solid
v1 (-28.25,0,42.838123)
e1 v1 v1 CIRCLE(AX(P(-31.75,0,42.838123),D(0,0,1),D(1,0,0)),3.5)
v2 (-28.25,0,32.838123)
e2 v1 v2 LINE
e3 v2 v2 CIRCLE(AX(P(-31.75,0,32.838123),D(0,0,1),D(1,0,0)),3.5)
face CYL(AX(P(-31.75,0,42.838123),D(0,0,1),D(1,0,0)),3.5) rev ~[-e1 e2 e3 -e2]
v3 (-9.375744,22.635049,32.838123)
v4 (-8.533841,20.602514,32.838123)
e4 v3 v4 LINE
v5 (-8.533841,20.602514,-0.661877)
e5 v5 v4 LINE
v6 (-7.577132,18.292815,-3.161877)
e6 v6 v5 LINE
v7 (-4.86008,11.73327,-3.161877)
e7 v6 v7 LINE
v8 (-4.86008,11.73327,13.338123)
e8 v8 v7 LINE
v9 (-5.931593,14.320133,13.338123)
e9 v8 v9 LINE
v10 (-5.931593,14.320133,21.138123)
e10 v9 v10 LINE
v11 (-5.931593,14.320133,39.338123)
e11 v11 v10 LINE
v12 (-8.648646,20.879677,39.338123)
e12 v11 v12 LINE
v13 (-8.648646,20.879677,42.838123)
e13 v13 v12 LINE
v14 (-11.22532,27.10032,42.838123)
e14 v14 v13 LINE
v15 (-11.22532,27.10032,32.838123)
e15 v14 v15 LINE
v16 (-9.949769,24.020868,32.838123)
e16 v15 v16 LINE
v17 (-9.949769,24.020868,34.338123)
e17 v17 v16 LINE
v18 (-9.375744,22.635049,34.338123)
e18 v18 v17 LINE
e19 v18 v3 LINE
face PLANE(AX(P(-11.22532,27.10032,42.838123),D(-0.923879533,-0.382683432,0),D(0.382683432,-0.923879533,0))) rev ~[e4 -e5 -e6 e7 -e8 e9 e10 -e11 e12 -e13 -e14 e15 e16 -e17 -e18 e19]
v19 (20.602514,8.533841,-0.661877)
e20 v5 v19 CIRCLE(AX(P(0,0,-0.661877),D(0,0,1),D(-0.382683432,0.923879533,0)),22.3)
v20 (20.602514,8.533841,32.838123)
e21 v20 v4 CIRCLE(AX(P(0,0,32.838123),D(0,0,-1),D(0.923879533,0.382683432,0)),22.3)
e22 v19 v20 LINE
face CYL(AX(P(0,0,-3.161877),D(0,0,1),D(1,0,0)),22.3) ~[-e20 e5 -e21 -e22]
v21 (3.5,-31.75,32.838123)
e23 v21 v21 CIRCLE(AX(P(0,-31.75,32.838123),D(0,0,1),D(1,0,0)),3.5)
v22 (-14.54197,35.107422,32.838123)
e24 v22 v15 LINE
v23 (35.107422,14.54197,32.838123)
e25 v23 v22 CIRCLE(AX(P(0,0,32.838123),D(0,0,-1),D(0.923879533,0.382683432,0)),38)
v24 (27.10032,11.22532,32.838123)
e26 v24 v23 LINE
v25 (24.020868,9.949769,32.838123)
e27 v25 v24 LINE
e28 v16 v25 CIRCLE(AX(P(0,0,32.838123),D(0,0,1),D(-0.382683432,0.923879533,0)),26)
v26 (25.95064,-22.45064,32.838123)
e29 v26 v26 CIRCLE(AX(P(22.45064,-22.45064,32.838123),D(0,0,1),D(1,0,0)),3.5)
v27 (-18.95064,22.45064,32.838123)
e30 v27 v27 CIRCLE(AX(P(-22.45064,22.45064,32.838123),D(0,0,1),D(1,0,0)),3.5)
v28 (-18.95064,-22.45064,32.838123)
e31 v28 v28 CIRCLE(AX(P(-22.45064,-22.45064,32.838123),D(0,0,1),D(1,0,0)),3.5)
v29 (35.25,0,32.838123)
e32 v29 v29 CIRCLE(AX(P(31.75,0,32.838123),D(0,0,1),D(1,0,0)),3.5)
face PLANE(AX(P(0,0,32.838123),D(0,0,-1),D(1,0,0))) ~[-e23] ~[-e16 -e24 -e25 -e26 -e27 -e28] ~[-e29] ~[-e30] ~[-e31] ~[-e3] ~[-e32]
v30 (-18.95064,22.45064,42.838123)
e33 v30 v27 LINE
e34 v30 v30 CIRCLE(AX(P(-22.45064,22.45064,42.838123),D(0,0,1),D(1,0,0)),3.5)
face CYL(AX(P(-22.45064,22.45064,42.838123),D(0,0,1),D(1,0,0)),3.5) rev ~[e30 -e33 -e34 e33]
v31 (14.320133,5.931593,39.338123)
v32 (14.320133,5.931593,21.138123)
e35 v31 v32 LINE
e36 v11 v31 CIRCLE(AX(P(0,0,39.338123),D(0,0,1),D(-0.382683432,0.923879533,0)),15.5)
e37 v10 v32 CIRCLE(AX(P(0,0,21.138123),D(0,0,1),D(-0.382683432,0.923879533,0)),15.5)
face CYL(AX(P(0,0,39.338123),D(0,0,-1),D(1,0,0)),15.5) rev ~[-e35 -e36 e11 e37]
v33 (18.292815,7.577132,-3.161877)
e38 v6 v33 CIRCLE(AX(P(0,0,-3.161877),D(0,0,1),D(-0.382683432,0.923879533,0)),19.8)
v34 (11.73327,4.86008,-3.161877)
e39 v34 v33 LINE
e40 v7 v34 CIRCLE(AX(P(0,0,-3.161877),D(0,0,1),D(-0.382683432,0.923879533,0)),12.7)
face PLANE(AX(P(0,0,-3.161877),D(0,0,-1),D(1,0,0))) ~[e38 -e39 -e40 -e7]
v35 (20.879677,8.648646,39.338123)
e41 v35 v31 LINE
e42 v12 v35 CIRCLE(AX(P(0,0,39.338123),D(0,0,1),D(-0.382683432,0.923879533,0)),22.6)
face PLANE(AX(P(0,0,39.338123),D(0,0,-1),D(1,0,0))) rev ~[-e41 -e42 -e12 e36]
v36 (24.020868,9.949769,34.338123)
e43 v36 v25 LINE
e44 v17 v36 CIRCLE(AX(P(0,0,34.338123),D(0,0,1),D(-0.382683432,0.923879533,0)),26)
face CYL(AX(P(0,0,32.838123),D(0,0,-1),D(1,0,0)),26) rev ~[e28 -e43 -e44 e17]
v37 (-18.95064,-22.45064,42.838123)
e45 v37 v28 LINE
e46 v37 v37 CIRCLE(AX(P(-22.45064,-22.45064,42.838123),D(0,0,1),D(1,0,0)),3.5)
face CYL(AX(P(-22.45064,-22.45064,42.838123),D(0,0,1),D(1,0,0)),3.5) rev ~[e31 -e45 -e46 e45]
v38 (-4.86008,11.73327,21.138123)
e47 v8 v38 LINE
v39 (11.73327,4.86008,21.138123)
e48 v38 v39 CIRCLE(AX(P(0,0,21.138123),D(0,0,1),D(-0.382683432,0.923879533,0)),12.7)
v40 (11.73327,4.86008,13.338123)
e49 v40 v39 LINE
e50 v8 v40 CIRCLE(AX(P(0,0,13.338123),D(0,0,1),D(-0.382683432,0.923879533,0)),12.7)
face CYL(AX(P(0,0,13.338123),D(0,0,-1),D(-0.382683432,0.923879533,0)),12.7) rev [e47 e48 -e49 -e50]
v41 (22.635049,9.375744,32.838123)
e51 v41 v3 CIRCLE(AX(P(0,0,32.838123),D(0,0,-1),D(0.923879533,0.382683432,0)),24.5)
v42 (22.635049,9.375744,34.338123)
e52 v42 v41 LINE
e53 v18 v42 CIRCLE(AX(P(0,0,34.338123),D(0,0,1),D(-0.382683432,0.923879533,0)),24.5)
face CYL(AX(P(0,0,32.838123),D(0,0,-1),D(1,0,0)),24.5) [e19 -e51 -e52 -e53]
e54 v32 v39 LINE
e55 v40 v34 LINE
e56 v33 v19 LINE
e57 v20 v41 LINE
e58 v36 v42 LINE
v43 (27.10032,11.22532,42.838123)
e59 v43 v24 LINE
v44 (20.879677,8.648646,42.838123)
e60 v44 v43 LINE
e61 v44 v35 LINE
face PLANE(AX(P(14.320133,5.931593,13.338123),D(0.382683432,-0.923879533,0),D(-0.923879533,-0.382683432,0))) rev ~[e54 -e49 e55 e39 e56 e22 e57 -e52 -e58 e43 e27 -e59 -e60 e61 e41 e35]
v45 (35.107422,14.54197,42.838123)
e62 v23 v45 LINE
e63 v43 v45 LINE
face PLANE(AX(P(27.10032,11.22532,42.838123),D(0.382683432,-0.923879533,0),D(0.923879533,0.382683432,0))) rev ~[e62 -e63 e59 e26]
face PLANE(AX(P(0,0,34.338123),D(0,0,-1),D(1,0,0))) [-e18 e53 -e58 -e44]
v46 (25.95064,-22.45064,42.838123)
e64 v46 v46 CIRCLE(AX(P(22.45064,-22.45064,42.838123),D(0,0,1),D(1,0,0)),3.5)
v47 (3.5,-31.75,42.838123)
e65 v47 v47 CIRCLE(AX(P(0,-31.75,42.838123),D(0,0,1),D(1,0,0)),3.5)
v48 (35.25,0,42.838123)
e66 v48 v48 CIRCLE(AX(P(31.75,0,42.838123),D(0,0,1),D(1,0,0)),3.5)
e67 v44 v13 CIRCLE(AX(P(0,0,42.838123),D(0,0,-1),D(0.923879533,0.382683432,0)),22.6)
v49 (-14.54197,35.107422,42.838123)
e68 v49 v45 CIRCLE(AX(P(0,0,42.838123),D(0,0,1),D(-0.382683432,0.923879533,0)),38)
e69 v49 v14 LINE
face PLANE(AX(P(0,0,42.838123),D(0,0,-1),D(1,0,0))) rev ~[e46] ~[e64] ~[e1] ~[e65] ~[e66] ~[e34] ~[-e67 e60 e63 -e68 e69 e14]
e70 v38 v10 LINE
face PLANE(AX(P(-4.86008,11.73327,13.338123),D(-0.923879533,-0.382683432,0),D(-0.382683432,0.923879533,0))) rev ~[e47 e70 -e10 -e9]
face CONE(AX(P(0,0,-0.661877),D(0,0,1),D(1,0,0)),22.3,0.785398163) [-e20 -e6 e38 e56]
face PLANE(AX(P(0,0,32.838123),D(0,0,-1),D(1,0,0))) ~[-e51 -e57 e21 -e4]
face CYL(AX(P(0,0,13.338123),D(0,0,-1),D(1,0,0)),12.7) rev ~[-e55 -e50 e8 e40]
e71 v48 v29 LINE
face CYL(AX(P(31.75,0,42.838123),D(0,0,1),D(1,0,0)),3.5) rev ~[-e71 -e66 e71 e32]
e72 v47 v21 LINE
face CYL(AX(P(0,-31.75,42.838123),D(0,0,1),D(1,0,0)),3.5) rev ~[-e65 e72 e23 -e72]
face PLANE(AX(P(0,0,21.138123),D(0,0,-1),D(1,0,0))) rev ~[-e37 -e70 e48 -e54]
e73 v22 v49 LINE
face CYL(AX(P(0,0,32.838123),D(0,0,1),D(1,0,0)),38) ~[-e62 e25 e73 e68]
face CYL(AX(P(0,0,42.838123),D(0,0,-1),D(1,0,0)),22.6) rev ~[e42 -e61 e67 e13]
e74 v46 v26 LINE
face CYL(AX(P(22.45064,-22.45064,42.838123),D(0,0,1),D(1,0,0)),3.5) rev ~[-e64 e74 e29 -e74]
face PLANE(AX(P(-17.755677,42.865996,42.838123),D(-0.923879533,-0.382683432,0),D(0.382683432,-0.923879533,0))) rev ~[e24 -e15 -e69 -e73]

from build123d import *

# Parameters (mm, degrees)
F2_R     = 3.5
F3_DEPTH = 25
F4_SIZE  = 2.5
F5_R     = 26
F5_R_2   = 24.5
F6_DEPTH = 1.5
F8_DEPTH = 46.001
F9_DEPTH = 7.8


with BuildPart() as f1:
    # F0 (on Front) → F1 (revolve)
    with BuildSketch(Plane.XZ):
        Polygon((38, 42.8381226957), (22.6, 42.8381226957), (22.6, 39.3381226957), (15.5, 39.3381226957), (15.5, 13.3381226957), (12.7, 13.3381226957), (12.7, -3.1618773043), (18.4, -3.1618773043), (22.3, -3.1618773043), (22.3, 32.8381226957), (38, 32.8381226957), align=None)
    revolve(axis=Axis((0, 0, -18.1553717703), (0, 0, -1)))

    # F2 (on face) → F3 (cut)
    with BuildSketch(Plane.XY.offset(42.8381226957)):
        with Locations((0, 31.75)):
            Circle(F2_R)
        with Locations((0, -31.75)):
            Circle(F2_R)
        with Locations((31.75, 0)):
            Circle(F2_R)
        with Locations((-31.75, 0)):
            Circle(F2_R)
        with Locations((-22.4506403027, 22.4506403027)):
            Circle(F2_R)
        with Locations((22.4506403027, 22.4506403027)):
            Circle(F2_R)
        with Locations((22.4506403027, -22.4506403027)):
            Circle(F2_R)
        with Locations((-22.4506403027, -22.4506403027)):
            Circle(F2_R)
    extrude(amount=-F3_DEPTH, mode=Mode.SUBTRACT)

    # F4
    f4_edges = [f1.edges().sort_by_distance(p)[0] for p in [
        (-22.3, 0, -3.161877),
    ]]
    chamfer(f4_edges, length=F4_SIZE)

    # F5 (on face) → F6 (cut)
    with BuildSketch(Plane(origin=(0, 0, 32.8381226957), x_dir=(1, 0, 0), z_dir=(0, 0, -1))):
        Circle(F5_R)
        Circle(F5_R_2, mode=Mode.SUBTRACT)
    extrude(amount=-F6_DEPTH, mode=Mode.SUBTRACT)

    # F7 (on face) → F8 (cut, through all)
    with BuildSketch(Plane.XY.offset(42.8381226957)):
        Polygon((-17.75567684, 42.8659958362), (-11.2253201513, 27.1003201513), (0, 0), (27.1003201513, 11.2253201513), (39.6317325238, 16.4160011117), (25.7364641875, 40.4654443264), align=None)
    extrude(amount=-F8_DEPTH, mode=Mode.SUBTRACT)

    # F9 (add): a face of the model
    f9_faces = [f1.faces().sort_by_distance(p)[0] for p in [
        (-5.7669841433, -13.9227313326, 13.3381226957),
    ]]
    extrude(f9_faces, amount=F9_DEPTH)


solid = f1.part
